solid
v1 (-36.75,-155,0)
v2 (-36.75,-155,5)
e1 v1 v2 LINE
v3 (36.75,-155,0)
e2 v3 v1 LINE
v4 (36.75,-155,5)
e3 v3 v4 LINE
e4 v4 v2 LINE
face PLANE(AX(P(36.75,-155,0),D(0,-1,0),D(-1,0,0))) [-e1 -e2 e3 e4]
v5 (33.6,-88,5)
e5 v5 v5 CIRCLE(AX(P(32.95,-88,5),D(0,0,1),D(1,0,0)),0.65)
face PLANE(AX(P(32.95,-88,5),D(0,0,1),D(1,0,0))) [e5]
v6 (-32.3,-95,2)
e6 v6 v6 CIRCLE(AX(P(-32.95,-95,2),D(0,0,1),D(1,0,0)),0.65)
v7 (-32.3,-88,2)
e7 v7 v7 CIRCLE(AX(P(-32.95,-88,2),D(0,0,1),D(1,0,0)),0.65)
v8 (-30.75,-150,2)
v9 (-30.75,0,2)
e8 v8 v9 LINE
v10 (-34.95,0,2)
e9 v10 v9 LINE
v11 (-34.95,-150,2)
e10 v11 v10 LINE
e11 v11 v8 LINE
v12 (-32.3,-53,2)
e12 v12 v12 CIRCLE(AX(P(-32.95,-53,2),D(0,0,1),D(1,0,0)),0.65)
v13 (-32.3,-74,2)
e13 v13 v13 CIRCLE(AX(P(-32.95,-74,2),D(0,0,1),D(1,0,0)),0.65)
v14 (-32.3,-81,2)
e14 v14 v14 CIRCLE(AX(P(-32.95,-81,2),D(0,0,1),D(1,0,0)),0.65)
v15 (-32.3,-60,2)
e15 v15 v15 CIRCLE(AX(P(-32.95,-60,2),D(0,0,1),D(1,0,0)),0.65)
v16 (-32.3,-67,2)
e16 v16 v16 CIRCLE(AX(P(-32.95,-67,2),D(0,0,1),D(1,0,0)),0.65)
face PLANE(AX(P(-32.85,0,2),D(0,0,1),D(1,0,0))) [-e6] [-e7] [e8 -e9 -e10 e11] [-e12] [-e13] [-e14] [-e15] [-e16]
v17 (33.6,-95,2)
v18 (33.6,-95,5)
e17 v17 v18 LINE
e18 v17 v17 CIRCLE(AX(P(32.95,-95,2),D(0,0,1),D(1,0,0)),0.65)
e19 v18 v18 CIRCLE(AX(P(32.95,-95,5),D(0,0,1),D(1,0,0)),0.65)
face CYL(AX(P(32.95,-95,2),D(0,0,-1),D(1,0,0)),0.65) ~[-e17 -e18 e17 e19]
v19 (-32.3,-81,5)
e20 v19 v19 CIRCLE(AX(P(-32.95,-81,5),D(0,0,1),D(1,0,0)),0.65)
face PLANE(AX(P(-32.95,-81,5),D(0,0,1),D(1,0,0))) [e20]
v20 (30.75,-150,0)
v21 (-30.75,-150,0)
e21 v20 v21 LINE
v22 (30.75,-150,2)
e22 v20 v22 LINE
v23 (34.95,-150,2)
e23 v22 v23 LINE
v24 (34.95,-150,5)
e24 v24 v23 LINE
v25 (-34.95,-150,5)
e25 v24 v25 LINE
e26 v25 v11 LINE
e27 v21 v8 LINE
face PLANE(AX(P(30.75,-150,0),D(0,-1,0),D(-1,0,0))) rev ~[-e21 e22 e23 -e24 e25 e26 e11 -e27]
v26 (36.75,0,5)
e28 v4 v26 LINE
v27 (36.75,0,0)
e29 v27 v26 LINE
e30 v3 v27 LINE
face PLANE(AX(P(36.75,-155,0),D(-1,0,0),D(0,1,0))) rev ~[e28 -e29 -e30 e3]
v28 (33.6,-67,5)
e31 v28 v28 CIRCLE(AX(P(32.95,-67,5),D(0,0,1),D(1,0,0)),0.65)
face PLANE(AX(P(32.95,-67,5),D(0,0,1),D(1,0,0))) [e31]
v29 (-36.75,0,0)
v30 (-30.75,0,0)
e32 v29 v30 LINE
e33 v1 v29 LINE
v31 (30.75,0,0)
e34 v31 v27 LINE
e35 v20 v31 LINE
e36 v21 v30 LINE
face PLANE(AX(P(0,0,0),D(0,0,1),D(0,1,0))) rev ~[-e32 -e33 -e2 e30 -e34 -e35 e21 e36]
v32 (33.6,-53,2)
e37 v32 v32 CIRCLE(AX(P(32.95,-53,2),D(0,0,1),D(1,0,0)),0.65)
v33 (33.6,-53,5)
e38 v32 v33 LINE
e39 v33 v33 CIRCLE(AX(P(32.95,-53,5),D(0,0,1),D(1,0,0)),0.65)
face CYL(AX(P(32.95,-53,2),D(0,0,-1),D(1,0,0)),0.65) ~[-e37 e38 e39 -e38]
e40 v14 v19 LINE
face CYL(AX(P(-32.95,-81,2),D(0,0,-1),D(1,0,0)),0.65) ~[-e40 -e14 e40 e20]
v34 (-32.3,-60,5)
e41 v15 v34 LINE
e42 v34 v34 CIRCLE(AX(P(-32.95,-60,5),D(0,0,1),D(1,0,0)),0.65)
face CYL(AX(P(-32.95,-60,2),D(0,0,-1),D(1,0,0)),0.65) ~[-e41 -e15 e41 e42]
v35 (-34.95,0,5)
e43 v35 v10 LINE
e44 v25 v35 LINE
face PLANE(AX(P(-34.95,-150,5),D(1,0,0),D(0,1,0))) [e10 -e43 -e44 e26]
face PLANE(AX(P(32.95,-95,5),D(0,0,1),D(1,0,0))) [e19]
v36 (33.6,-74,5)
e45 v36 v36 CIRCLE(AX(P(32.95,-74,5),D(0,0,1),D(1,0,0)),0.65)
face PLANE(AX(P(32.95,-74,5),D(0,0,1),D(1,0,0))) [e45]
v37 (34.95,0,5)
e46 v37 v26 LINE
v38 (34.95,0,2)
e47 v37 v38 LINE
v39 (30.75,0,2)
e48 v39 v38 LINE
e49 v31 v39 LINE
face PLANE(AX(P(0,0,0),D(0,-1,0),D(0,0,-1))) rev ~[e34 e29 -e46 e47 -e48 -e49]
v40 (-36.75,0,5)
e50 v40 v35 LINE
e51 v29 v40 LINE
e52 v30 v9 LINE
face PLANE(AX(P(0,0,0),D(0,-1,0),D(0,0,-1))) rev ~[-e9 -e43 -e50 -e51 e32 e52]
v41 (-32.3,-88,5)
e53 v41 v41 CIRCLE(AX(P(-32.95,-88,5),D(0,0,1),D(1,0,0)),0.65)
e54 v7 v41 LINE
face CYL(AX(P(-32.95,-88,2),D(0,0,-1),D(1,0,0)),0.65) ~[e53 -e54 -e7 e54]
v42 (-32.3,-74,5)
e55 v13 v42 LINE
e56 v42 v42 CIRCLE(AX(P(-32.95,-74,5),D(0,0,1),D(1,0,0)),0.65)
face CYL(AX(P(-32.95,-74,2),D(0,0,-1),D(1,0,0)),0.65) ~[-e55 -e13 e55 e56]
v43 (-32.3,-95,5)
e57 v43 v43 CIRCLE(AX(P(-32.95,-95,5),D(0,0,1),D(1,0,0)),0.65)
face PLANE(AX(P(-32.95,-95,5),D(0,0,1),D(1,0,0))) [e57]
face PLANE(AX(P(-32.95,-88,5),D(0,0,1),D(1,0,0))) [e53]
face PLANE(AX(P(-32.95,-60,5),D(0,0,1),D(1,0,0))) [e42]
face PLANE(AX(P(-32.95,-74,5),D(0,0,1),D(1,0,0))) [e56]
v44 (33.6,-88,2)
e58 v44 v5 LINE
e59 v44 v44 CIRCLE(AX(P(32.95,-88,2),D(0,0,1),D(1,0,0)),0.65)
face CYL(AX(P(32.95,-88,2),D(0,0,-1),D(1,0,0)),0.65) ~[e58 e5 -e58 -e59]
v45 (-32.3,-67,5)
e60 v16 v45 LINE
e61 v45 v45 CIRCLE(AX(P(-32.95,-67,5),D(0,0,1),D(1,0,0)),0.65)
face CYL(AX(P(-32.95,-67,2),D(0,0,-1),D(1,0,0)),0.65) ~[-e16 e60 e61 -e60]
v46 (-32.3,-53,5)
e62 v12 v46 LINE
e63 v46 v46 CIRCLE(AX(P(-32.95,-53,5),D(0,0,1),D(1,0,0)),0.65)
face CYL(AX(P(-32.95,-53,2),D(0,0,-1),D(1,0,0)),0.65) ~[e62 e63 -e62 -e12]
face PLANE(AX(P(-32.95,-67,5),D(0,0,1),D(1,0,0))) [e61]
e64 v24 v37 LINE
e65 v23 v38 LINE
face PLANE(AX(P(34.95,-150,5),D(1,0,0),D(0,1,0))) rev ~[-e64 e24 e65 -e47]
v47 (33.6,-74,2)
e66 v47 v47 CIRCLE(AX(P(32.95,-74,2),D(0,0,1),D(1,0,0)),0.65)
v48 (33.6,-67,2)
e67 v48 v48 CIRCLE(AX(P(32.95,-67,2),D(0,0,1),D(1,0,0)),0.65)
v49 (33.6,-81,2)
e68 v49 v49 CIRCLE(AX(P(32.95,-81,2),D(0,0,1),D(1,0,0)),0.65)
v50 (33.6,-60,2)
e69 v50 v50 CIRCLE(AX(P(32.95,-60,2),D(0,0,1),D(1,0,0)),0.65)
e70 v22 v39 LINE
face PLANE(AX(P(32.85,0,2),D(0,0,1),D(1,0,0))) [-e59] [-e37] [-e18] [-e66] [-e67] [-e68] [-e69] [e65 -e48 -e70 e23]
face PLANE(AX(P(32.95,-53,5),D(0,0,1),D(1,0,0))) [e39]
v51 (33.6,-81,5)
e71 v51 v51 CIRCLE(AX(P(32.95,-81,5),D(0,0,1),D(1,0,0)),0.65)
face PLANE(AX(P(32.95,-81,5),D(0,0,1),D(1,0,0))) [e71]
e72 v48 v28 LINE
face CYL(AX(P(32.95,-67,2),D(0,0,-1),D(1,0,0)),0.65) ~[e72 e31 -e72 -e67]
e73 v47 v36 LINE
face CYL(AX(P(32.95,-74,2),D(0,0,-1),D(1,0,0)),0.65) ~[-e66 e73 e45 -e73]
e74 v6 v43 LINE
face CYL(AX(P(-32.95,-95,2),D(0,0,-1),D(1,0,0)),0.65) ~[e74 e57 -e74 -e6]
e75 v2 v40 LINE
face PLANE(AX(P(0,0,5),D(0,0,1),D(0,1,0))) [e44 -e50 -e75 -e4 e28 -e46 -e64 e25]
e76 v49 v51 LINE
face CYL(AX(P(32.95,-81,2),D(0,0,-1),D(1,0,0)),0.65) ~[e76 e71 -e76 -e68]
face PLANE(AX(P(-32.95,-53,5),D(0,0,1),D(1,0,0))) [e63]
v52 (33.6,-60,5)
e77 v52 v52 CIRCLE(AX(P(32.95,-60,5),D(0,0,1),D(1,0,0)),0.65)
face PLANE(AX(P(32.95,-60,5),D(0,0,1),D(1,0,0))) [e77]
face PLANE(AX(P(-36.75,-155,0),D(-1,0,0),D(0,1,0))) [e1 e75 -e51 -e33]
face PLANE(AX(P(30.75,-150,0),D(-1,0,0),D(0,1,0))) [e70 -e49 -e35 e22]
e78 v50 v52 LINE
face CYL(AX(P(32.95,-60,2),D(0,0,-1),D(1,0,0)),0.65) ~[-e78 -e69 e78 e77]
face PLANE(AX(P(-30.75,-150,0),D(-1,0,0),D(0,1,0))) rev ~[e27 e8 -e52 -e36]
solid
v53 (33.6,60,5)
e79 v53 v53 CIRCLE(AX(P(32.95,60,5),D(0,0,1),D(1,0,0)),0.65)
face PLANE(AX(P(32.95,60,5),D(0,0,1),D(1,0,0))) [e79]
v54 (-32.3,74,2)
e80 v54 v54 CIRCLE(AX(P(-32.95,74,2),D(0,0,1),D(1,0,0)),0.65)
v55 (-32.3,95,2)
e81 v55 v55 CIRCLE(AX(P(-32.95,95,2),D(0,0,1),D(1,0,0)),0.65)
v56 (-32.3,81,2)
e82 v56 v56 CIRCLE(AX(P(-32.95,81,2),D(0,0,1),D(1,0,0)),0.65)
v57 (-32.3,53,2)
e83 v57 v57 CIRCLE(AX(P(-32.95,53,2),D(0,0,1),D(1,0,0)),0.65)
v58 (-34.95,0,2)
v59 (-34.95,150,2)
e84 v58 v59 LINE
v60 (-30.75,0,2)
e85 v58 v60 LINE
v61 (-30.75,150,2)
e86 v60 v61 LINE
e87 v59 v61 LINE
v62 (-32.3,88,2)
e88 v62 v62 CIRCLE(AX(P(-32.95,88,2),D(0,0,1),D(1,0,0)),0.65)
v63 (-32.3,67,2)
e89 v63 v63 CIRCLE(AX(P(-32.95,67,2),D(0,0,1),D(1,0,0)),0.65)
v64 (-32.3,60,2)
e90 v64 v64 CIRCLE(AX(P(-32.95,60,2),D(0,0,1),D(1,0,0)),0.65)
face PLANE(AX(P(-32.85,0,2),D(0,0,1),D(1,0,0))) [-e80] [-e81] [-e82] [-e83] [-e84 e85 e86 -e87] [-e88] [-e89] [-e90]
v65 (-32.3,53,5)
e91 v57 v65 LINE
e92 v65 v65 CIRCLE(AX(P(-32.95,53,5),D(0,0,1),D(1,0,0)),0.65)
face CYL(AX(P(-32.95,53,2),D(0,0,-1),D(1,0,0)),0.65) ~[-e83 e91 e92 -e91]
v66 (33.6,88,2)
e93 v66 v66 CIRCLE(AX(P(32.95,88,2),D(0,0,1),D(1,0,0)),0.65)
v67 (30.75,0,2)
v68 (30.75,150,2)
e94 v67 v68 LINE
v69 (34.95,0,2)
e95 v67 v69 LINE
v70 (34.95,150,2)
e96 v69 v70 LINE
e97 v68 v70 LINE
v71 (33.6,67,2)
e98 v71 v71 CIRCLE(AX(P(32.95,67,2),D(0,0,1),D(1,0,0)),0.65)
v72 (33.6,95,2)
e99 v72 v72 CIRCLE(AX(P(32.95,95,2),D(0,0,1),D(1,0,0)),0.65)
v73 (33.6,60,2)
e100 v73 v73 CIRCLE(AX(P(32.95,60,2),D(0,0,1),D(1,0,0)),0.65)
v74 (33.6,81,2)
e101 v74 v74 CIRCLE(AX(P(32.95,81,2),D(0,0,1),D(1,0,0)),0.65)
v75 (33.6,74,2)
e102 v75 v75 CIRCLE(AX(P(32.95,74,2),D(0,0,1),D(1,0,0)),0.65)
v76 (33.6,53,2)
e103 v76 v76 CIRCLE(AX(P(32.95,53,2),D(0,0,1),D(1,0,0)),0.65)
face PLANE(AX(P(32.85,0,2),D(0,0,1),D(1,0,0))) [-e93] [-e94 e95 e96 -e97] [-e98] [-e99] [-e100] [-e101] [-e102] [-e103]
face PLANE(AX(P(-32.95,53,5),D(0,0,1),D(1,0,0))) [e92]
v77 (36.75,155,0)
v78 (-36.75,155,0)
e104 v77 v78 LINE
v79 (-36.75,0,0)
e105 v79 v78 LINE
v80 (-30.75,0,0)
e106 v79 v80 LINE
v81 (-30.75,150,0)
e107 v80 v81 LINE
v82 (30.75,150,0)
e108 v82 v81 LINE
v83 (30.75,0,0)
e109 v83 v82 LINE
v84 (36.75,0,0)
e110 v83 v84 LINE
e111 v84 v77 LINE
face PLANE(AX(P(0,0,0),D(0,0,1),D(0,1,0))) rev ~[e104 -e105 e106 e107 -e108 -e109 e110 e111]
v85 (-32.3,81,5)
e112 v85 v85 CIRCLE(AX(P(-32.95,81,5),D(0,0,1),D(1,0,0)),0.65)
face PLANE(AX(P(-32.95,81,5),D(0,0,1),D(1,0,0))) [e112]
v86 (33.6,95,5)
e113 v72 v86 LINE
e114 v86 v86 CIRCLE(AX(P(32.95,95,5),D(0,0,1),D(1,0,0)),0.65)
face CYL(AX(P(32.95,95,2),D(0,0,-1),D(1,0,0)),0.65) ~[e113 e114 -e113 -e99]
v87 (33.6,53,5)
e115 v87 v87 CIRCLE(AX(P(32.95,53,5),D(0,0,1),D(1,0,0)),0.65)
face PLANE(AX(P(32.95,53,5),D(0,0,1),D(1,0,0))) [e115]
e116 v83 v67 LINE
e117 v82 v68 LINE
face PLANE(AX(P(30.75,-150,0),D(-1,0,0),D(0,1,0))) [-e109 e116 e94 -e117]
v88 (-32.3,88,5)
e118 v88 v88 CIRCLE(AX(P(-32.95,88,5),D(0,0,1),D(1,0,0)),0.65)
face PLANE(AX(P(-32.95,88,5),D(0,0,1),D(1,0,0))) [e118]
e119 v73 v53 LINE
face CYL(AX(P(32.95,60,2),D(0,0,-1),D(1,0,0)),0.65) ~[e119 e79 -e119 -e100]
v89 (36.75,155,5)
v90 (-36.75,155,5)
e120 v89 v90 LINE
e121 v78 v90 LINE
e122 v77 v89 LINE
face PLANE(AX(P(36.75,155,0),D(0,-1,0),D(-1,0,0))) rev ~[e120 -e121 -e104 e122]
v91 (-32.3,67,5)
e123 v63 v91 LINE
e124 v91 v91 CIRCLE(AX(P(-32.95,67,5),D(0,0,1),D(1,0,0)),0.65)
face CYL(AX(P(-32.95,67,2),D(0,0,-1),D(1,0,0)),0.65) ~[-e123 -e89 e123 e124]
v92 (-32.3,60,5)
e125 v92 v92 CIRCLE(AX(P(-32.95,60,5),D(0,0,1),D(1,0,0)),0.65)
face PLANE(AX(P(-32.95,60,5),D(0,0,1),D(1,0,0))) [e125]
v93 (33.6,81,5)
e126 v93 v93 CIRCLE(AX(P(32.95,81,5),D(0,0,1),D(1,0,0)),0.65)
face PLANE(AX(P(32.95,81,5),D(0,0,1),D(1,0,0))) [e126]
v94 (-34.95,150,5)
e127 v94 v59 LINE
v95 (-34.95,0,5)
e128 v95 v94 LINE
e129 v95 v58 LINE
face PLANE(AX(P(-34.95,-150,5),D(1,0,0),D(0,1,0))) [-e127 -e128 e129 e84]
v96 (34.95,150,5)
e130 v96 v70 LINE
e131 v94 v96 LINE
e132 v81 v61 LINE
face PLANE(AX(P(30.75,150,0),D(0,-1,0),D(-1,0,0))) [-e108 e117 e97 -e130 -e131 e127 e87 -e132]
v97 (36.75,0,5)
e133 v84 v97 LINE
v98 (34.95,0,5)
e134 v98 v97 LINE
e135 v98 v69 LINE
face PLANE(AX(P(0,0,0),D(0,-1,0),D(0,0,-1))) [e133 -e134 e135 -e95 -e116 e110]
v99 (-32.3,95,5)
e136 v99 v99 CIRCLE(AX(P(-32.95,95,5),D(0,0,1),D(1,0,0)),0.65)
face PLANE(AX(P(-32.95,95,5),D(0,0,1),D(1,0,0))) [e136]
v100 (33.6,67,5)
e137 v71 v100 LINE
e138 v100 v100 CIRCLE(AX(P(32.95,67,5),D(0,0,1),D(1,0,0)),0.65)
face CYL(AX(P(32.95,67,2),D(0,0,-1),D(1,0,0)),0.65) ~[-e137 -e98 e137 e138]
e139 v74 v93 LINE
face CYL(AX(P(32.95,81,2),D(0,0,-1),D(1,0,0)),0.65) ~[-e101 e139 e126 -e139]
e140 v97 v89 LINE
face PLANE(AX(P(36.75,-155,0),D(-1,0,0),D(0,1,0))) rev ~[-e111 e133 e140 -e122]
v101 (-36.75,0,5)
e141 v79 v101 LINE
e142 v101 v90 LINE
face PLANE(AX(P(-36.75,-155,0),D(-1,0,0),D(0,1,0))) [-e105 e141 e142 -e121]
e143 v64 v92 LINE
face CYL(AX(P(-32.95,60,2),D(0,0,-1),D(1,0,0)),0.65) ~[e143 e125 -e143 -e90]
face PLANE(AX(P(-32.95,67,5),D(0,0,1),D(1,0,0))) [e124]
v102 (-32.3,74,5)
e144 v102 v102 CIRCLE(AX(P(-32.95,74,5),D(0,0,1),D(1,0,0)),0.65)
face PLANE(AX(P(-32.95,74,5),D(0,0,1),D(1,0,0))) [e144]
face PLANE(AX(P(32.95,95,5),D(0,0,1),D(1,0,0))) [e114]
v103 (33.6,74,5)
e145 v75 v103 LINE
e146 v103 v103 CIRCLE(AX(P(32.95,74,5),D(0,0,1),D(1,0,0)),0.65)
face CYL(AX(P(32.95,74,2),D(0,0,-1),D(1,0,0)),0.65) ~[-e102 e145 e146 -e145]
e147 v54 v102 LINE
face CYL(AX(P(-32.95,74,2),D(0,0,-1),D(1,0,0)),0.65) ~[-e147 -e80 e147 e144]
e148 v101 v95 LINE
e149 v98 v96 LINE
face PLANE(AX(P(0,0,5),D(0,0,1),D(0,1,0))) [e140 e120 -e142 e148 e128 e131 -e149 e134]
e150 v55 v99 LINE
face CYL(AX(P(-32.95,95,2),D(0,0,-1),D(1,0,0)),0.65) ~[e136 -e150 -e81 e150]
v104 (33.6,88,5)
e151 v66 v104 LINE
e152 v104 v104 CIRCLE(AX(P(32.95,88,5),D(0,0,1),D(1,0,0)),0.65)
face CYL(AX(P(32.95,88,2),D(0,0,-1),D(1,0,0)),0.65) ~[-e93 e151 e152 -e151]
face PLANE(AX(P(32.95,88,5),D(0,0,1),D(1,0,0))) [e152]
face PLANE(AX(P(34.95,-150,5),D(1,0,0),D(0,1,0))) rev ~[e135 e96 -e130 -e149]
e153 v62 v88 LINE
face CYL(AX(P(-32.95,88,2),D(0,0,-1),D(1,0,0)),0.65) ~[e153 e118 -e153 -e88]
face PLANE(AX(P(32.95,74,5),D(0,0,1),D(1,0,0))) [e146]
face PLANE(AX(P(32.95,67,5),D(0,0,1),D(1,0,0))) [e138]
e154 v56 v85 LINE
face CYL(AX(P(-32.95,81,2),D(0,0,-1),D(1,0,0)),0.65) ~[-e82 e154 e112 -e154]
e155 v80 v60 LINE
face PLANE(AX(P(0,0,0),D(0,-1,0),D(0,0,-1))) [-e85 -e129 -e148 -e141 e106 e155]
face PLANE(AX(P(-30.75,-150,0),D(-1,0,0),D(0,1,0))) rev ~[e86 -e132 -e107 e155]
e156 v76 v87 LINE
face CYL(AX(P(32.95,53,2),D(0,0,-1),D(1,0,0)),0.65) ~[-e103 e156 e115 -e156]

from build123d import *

# Parameters (mm, degrees)
SKETCH1_W           = 310
SKETCH1_H           = 73.5
SKETCH1_W_2         = 300
SKETCH1_H_2         = 61.5
BOSS_EXTRUDE1_DEPTH = 5
SKETCH2_W           = 4.2
SKETCH2_H           = 300
CUT_EXTRUDE1_DEPTH  = 3
SKETCH7_R           = 0.65
BOSS_EXTRUDE2_DEPTH = 3


with BuildPart() as part:
    # Sketch1 → Boss-Extrude1 (new body)
    with BuildSketch(Plane(origin=(0, 0, 0), x_dir=(0, 1, 0), z_dir=(0, 0, 1))):
        Rectangle(SKETCH1_W, SKETCH1_H)
        Rectangle(SKETCH1_W_2, SKETCH1_H_2, mode=Mode.SUBTRACT)
    extrude(amount=BOSS_EXTRUDE1_DEPTH)

    # Sketch2 → Cut-Extrude1 (cut)
    with BuildSketch(Plane.XY.offset(5)):
        with Locations((-32.85, 0)):
            Rectangle(SKETCH2_W, SKETCH2_H)
        with Locations((32.85, 0)):
            Rectangle(SKETCH2_W, SKETCH2_H)
    extrude(amount=-CUT_EXTRUDE1_DEPTH, mode=Mode.SUBTRACT)

    # Sketch7 → Boss-Extrude2 (add)
    with BuildSketch(Plane.XY.offset(2)):
        with Locations((-32.95, -67)):
            Circle(SKETCH7_R)
        with Locations((-32.95, -53)):
            Circle(SKETCH7_R)
        with Locations((-32.95, 53)):
            Circle(SKETCH7_R)
        with Locations((-32.95, 67)):
            Circle(SKETCH7_R)
        with Locations((32.95, 67)):
            Circle(SKETCH7_R)
        with Locations((32.95, 53)):
            Circle(SKETCH7_R)
        with Locations((32.95, -53)):
            Circle(SKETCH7_R)
        with Locations((32.95, -67)):
            Circle(SKETCH7_R)
        with Locations((32.95, -60)):
            Circle(SKETCH7_R)
        with Locations((32.95, -74)):
            Circle(SKETCH7_R)
        with Locations((32.95, -81)):
            Circle(SKETCH7_R)
        with Locations((32.95, -88)):
            Circle(SKETCH7_R)
        with Locations((32.95, -95)):
            Circle(SKETCH7_R)
        with Locations((-32.95, -74)):
            Circle(SKETCH7_R)
        with Locations((-32.95, -60)):
            Circle(SKETCH7_R)
        with Locations((-32.95, -81)):
            Circle(SKETCH7_R)
        with Locations((-32.95, -88)):
            Circle(SKETCH7_R)
        with Locations((-32.95, -95)):
            Circle(SKETCH7_R)
        with Locations((-32.95, 74)):
            Circle(SKETCH7_R)
        with Locations((-32.95, 60)):
            Circle(SKETCH7_R)
        with Locations((-32.95, 81)):
            Circle(SKETCH7_R)
        with Locations((-32.95, 88)):
            Circle(SKETCH7_R)
        with Locations((-32.95, 95)):
            Circle(SKETCH7_R)
        with Locations((32.95, 60)):
            Circle(SKETCH7_R)
        with Locations((32.95, 74)):
            Circle(SKETCH7_R)
        with Locations((32.95, 81)):
            Circle(SKETCH7_R)
        with Locations((32.95, 88)):
            Circle(SKETCH7_R)
        with Locations((32.95, 95)):
            Circle(SKETCH7_R)
    extrude(amount=BOSS_EXTRUDE2_DEPTH)


with BuildPart() as body_2:
    # Split1: the piece on the far side of the plane
    add(part.part)
    split(bisect_by=Plane(origin=(0, 0, 0), x_dir=(0, 0, -1), z_dir=(0, -1, 0)), keep=Keep.BOTTOM)


with BuildPart() as part_1:
    add(part.part)

    # Split1
    split(bisect_by=Plane(origin=(0, 0, 0), x_dir=(0, 0, -1), z_dir=(0, -1, 0)), keep=Keep.TOP)


solid = Compound([body_2.part, part_1.part])
